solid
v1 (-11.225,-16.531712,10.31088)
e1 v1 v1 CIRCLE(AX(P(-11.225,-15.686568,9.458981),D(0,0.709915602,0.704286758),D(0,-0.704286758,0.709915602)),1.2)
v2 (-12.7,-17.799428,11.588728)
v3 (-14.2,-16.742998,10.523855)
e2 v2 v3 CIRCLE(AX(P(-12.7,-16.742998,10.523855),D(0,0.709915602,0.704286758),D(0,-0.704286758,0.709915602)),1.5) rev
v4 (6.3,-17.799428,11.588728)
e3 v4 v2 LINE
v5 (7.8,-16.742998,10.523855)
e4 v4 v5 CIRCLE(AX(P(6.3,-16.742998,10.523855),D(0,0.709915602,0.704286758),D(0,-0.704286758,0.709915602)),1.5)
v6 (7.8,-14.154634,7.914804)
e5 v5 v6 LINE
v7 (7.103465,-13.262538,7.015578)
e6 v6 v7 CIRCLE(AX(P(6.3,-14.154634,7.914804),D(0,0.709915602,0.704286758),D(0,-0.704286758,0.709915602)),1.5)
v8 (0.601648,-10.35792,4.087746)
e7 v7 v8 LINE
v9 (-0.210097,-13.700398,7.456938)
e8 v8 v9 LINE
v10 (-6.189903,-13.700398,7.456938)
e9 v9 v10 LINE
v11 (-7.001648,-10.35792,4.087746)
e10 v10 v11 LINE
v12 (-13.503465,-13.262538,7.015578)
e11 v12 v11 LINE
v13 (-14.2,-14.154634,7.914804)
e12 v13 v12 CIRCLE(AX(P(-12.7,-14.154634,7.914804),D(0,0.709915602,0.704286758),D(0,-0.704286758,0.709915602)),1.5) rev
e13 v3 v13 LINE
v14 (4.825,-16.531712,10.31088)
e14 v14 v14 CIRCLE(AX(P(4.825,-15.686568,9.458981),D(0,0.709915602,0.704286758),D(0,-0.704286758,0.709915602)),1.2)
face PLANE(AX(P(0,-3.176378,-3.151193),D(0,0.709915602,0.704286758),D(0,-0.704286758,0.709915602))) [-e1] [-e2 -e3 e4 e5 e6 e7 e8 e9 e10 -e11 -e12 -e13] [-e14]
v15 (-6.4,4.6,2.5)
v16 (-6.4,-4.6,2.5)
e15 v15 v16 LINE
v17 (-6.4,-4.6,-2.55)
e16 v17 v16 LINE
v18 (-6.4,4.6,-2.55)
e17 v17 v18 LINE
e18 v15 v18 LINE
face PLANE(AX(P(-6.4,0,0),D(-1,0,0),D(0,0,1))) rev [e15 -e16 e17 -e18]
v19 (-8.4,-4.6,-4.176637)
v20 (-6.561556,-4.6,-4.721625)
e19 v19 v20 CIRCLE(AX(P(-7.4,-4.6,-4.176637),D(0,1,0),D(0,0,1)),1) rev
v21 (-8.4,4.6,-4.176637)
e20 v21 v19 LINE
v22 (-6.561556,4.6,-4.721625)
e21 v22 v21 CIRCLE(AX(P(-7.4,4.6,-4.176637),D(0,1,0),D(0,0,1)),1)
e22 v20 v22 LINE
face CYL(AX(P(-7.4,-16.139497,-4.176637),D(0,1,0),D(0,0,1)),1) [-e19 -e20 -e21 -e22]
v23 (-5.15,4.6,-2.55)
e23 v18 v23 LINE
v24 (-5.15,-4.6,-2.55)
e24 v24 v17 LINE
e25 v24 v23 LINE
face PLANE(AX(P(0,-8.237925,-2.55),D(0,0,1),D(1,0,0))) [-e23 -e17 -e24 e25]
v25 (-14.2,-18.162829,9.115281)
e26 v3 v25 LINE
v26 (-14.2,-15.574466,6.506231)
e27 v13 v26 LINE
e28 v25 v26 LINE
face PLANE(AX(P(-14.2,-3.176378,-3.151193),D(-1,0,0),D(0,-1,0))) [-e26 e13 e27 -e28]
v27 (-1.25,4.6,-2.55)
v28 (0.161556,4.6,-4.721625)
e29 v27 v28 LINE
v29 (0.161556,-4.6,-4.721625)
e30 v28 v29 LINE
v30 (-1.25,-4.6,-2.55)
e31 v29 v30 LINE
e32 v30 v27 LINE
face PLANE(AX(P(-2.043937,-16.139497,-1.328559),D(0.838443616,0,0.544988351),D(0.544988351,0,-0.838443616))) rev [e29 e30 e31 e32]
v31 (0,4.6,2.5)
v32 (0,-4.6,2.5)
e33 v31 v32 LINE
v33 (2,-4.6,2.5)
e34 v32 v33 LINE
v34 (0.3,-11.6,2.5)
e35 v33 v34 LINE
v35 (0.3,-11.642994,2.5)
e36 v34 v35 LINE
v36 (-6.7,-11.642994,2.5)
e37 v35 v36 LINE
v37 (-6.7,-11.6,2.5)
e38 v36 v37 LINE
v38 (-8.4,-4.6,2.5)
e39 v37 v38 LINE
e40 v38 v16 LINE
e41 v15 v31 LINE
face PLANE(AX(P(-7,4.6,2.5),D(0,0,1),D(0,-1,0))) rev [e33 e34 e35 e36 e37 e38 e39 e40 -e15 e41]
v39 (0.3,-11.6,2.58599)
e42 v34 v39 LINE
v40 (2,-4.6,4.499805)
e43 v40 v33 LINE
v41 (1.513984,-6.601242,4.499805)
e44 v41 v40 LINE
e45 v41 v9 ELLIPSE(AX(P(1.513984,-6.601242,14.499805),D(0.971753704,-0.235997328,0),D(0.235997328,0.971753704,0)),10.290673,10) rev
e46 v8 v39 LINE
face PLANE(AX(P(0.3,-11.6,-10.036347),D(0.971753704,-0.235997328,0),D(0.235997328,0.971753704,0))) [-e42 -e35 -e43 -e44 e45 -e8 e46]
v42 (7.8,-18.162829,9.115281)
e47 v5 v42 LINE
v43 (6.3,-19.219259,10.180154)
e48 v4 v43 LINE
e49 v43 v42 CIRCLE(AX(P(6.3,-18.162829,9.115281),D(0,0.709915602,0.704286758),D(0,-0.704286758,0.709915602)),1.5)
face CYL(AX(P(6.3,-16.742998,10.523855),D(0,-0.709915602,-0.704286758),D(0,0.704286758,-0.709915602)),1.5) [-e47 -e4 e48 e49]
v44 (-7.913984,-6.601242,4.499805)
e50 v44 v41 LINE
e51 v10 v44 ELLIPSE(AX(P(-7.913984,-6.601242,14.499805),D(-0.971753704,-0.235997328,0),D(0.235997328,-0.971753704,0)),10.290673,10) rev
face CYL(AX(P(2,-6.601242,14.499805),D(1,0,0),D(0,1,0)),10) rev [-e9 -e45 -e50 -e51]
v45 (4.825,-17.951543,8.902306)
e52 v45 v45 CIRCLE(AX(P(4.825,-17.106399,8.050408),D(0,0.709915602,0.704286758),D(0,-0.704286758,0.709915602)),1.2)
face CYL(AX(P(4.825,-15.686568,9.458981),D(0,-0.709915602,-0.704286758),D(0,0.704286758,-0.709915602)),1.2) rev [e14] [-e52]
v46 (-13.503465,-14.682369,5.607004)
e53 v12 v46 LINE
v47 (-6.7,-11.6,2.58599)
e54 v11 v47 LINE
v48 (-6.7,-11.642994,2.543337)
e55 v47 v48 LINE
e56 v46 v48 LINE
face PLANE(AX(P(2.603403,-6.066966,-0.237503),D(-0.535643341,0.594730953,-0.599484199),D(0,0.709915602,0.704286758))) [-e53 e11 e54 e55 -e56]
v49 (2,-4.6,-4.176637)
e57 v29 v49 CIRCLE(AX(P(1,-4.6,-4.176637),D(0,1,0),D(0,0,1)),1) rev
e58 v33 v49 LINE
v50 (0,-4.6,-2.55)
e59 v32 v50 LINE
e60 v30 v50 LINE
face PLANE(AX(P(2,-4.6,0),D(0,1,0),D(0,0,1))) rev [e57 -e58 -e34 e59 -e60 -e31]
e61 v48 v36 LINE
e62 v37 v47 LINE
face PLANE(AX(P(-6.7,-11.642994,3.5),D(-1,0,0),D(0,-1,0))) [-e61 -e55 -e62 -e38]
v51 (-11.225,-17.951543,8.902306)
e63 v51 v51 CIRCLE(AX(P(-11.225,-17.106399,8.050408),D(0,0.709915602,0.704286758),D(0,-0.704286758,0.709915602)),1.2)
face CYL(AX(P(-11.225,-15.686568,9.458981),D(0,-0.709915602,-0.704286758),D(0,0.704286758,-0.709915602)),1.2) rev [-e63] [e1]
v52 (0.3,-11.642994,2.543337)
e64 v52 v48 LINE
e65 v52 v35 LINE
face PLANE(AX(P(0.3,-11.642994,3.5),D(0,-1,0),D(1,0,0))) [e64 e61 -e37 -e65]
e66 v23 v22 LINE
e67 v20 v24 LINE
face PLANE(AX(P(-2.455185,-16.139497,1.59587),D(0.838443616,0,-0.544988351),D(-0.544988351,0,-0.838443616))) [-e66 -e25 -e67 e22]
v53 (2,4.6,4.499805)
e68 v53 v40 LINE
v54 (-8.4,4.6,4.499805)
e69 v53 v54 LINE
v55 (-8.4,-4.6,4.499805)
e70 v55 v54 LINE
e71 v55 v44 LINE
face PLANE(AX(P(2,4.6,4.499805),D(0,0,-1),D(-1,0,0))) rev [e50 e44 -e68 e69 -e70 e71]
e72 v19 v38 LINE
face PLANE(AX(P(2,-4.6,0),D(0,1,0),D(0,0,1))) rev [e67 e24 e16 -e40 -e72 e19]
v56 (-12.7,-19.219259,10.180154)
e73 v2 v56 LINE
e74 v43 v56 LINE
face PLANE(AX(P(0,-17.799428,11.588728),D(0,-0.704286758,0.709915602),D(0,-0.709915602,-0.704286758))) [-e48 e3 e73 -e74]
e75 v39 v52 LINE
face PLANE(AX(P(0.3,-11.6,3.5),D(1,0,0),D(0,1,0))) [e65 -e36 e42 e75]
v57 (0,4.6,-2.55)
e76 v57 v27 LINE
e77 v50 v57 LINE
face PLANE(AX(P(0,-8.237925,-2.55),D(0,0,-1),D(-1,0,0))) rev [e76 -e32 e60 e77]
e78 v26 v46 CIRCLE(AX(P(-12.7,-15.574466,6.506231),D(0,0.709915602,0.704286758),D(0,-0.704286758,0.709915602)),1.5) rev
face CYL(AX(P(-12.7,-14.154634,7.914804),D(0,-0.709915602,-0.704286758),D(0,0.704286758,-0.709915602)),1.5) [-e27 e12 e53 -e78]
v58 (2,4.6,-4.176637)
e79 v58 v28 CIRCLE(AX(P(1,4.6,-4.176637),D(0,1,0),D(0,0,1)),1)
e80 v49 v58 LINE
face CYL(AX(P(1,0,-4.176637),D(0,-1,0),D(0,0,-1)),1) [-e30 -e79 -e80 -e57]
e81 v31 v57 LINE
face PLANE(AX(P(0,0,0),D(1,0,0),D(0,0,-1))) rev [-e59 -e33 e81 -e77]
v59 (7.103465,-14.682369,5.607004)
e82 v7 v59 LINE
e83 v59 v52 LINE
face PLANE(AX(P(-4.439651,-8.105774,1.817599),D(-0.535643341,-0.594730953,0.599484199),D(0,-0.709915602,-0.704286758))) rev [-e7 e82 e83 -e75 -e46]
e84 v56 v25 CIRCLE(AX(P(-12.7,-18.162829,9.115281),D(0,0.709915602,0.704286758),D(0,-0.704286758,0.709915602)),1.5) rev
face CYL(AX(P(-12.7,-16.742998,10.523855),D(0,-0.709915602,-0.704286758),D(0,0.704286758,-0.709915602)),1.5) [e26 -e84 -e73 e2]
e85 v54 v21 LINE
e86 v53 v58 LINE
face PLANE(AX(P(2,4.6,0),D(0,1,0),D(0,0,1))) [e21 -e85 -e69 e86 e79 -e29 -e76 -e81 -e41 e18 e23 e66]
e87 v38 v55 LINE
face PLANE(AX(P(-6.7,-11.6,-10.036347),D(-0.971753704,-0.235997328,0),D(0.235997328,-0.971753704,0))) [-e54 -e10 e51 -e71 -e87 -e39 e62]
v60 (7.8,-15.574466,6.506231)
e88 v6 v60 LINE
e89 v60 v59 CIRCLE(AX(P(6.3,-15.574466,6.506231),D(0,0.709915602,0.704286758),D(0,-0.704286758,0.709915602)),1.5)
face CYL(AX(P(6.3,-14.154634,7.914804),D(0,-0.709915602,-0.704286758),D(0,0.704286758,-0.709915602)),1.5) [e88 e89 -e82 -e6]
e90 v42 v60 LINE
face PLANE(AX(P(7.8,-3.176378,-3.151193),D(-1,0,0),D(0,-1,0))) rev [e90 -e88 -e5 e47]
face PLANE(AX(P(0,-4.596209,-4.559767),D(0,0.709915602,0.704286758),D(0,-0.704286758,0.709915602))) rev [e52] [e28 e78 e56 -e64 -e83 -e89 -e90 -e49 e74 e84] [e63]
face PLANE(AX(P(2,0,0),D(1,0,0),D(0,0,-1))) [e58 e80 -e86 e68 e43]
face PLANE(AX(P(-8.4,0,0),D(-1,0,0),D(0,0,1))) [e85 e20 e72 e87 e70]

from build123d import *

# Parameters (mm, degrees)
SKETCH2_W           = 8.999610642
SKETCH2_H           = 9.2
BOSS_EXTRUDE1_DEPTH = 2
BOSS_EXTRUDE2_START = 6.4
SKETCH3_W           = 8.999610642
SKETCH3_H           = 9.2
BOSS_EXTRUDE2_DEPTH = 2
SKETCH4_W           = 1.999805321
SKETCH4_H           = 9.2
BOSS_EXTRUDE3_DEPTH = 7
CUT_EXTRUDE2_DEPTH  = 9.2
BOSS_EXTRUDE4_DEPTH = 9.2
FILLET1_R           = 1
BOSS_EXTRUDE6_DEPTH = 1.999805321
SKETCH11_R          = 1.2
BOSS_EXTRUDE7_DEPTH = 2
FILLET2_R           = 10
SKETCH13_W          = 7
SKETCH13_H          = 0.042993575
BOSS_EXTRUDE8_DEPTH = 1


with BuildPart() as part:
    # Sketch2 → Boss-Extrude1 (new body)
    with BuildSketch(Plane(origin=(0, 0, 0), x_dir=(0, 0, -1), z_dir=(1, 0, 0))):
        Rectangle(SKETCH2_W, SKETCH2_H)
    extrude(amount=BOSS_EXTRUDE1_DEPTH)



with BuildPart() as body_2:
    # Sketch3 → Boss-Extrude2 (new body)
    with BuildSketch(Plane.ZY.offset(BOSS_EXTRUDE2_START)):
        Rectangle(SKETCH3_W, SKETCH3_H)
    extrude(amount=BOSS_EXTRUDE2_DEPTH)


with BuildPart() as part_1:
    add(part.part)

    add(body_2.part)  # Boss-Extrude3 merges body 2
    # Sketch4 → Boss-Extrude3 (add)
    with BuildSketch(Plane.ZY):
        with Locations((3.499902661, 0)):
            Rectangle(SKETCH4_W, SKETCH4_H)
    extrude(amount=BOSS_EXTRUDE3_DEPTH)

    # Sketch5 → Cut-Extrude2 (cut)
    with BuildSketch(Plane(origin=(0, 4.6, 0), x_dir=(1, 0, 0), z_dir=(0, 1, 0))):
        Polygon((-5.15, 2.55), (-1.25, 2.55), (0, 4.473076923), (0, 4.499805321), (0.017373458, 4.499805321), (2, 7.55), (-8.4, 7.55), (-6.417373458, 4.499805321), (-6.4, 4.499805321), (-6.4, 4.473076923), align=None)
        Polygon((0, 4.499805321), (0, 4.473076923), (0.017373458, 4.499805321), align=None)
        Polygon((-6.417373458, 4.499805321), (-6.4, 4.473076923), (-6.4, 4.499805321), align=None)
    extrude(amount=-CUT_EXTRUDE2_DEPTH, mode=Mode.SUBTRACT)

    # Sketch5<3> → Boss-Extrude4 (add)
    with BuildSketch(Plane(origin=(0, 4.6, 0), x_dir=(1, 0, 0), z_dir=(0, 1, 0))):
        Polygon((-6.4, 2.55), (-5.15, 2.55), (-6.4, 4.473076923), align=None)
        Polygon((-8.4, 4.499805321), (-6.417373458, 4.499805321), (-8.4, 7.55), align=None)
        Polygon((-1.25, 2.55), (0, 2.55), (0, 4.473076923), align=None)
        Polygon((0.017373458, 4.499805321), (2, 4.499805321), (2, 7.55), align=None)
    extrude(amount=-BOSS_EXTRUDE4_DEPTH)

    # Fillet1
    fillet1_edges = [part_1.edges().sort_by_distance(p)[0] for p in [
        (-8.4, 0, -7.55),
        (2, 0, -7.55),
    ]]
    fillet(fillet1_edges, radius=FILLET1_R)

    # Sketch9 → Boss-Extrude6 (add)
    with BuildSketch(Plane.XY.offset(4.499805321)):
        Polygon((-6.7, -11.6), (0.3, -11.6), (2, -4.6), (-8.4, -4.6), align=None)
    extrude(amount=-BOSS_EXTRUDE6_DEPTH)

    # Sketch11 → Boss-Extrude7 (add)
    with BuildSketch(Plane(origin=(0, -4.596209487, -4.559766639), x_dir=(1, 0, 0), z_dir=(0, 0.7099156022207138, 0.7042867581628958))):
        with BuildLine():
            Line((7.8, -19.262920267), (7.8, -15.587764453))
            ThreePointArc((7.8, -15.587764453), (7.614381512, -14.864991154), (7.103465011, -14.321097971))
            Line((7.103465011, -14.321097971), (0.3, -10.005560954))
            Line((0.3, -10.005560954), (-6.7, -10.005560954))
            Line((-6.7, -10.005560954), (-13.503465011, -14.321097971))
            ThreePointArc((-13.503465011, -14.321097971), (-14.014381512, -14.864991154), (-14.2, -15.587764453))
            Line((-14.2, -15.587764453), (-14.2, -19.262920267))
            ThreePointArc((-14.2, -19.262920267), (-13.760660172, -20.323580438), (-12.7, -20.762920267))
            Line((-12.7, -20.762920267), (6.3, -20.762920267))
            ThreePointArc((6.3, -20.762920267), (7.360660172, -20.323580438), (7.8, -19.262920267))
        make_face()
        with Locations(Location((4.825, -17.762920267, 0), (0, 0, 270))):
            Circle(SKETCH11_R, mode=Mode.SUBTRACT)
        with Locations(Location((-11.225, -17.762920267, 0), (0, 0, 270))):
            Circle(SKETCH11_R, mode=Mode.SUBTRACT)
    extrude(amount=BOSS_EXTRUDE7_DEPTH)

    # Fillet2
    fillet2_edges = [part_1.edges().sort_by_distance(p)[0] for p in [
        (-3.2, -10.766712787, 4.499805321),
    ]]
    fillet(fillet2_edges, radius=FILLET2_R)

    # Sketch13 → Boss-Extrude8 (add)
    with BuildSketch(Plane(origin=(0, 0, 2.5), x_dir=(-1, 0, 0), z_dir=(0, 0, -1))):
        with Locations((3.2, -11.621496787)):
            Rectangle(SKETCH13_W, SKETCH13_H)
    extrude(amount=-BOSS_EXTRUDE8_DEPTH)


solid = part_1.part
